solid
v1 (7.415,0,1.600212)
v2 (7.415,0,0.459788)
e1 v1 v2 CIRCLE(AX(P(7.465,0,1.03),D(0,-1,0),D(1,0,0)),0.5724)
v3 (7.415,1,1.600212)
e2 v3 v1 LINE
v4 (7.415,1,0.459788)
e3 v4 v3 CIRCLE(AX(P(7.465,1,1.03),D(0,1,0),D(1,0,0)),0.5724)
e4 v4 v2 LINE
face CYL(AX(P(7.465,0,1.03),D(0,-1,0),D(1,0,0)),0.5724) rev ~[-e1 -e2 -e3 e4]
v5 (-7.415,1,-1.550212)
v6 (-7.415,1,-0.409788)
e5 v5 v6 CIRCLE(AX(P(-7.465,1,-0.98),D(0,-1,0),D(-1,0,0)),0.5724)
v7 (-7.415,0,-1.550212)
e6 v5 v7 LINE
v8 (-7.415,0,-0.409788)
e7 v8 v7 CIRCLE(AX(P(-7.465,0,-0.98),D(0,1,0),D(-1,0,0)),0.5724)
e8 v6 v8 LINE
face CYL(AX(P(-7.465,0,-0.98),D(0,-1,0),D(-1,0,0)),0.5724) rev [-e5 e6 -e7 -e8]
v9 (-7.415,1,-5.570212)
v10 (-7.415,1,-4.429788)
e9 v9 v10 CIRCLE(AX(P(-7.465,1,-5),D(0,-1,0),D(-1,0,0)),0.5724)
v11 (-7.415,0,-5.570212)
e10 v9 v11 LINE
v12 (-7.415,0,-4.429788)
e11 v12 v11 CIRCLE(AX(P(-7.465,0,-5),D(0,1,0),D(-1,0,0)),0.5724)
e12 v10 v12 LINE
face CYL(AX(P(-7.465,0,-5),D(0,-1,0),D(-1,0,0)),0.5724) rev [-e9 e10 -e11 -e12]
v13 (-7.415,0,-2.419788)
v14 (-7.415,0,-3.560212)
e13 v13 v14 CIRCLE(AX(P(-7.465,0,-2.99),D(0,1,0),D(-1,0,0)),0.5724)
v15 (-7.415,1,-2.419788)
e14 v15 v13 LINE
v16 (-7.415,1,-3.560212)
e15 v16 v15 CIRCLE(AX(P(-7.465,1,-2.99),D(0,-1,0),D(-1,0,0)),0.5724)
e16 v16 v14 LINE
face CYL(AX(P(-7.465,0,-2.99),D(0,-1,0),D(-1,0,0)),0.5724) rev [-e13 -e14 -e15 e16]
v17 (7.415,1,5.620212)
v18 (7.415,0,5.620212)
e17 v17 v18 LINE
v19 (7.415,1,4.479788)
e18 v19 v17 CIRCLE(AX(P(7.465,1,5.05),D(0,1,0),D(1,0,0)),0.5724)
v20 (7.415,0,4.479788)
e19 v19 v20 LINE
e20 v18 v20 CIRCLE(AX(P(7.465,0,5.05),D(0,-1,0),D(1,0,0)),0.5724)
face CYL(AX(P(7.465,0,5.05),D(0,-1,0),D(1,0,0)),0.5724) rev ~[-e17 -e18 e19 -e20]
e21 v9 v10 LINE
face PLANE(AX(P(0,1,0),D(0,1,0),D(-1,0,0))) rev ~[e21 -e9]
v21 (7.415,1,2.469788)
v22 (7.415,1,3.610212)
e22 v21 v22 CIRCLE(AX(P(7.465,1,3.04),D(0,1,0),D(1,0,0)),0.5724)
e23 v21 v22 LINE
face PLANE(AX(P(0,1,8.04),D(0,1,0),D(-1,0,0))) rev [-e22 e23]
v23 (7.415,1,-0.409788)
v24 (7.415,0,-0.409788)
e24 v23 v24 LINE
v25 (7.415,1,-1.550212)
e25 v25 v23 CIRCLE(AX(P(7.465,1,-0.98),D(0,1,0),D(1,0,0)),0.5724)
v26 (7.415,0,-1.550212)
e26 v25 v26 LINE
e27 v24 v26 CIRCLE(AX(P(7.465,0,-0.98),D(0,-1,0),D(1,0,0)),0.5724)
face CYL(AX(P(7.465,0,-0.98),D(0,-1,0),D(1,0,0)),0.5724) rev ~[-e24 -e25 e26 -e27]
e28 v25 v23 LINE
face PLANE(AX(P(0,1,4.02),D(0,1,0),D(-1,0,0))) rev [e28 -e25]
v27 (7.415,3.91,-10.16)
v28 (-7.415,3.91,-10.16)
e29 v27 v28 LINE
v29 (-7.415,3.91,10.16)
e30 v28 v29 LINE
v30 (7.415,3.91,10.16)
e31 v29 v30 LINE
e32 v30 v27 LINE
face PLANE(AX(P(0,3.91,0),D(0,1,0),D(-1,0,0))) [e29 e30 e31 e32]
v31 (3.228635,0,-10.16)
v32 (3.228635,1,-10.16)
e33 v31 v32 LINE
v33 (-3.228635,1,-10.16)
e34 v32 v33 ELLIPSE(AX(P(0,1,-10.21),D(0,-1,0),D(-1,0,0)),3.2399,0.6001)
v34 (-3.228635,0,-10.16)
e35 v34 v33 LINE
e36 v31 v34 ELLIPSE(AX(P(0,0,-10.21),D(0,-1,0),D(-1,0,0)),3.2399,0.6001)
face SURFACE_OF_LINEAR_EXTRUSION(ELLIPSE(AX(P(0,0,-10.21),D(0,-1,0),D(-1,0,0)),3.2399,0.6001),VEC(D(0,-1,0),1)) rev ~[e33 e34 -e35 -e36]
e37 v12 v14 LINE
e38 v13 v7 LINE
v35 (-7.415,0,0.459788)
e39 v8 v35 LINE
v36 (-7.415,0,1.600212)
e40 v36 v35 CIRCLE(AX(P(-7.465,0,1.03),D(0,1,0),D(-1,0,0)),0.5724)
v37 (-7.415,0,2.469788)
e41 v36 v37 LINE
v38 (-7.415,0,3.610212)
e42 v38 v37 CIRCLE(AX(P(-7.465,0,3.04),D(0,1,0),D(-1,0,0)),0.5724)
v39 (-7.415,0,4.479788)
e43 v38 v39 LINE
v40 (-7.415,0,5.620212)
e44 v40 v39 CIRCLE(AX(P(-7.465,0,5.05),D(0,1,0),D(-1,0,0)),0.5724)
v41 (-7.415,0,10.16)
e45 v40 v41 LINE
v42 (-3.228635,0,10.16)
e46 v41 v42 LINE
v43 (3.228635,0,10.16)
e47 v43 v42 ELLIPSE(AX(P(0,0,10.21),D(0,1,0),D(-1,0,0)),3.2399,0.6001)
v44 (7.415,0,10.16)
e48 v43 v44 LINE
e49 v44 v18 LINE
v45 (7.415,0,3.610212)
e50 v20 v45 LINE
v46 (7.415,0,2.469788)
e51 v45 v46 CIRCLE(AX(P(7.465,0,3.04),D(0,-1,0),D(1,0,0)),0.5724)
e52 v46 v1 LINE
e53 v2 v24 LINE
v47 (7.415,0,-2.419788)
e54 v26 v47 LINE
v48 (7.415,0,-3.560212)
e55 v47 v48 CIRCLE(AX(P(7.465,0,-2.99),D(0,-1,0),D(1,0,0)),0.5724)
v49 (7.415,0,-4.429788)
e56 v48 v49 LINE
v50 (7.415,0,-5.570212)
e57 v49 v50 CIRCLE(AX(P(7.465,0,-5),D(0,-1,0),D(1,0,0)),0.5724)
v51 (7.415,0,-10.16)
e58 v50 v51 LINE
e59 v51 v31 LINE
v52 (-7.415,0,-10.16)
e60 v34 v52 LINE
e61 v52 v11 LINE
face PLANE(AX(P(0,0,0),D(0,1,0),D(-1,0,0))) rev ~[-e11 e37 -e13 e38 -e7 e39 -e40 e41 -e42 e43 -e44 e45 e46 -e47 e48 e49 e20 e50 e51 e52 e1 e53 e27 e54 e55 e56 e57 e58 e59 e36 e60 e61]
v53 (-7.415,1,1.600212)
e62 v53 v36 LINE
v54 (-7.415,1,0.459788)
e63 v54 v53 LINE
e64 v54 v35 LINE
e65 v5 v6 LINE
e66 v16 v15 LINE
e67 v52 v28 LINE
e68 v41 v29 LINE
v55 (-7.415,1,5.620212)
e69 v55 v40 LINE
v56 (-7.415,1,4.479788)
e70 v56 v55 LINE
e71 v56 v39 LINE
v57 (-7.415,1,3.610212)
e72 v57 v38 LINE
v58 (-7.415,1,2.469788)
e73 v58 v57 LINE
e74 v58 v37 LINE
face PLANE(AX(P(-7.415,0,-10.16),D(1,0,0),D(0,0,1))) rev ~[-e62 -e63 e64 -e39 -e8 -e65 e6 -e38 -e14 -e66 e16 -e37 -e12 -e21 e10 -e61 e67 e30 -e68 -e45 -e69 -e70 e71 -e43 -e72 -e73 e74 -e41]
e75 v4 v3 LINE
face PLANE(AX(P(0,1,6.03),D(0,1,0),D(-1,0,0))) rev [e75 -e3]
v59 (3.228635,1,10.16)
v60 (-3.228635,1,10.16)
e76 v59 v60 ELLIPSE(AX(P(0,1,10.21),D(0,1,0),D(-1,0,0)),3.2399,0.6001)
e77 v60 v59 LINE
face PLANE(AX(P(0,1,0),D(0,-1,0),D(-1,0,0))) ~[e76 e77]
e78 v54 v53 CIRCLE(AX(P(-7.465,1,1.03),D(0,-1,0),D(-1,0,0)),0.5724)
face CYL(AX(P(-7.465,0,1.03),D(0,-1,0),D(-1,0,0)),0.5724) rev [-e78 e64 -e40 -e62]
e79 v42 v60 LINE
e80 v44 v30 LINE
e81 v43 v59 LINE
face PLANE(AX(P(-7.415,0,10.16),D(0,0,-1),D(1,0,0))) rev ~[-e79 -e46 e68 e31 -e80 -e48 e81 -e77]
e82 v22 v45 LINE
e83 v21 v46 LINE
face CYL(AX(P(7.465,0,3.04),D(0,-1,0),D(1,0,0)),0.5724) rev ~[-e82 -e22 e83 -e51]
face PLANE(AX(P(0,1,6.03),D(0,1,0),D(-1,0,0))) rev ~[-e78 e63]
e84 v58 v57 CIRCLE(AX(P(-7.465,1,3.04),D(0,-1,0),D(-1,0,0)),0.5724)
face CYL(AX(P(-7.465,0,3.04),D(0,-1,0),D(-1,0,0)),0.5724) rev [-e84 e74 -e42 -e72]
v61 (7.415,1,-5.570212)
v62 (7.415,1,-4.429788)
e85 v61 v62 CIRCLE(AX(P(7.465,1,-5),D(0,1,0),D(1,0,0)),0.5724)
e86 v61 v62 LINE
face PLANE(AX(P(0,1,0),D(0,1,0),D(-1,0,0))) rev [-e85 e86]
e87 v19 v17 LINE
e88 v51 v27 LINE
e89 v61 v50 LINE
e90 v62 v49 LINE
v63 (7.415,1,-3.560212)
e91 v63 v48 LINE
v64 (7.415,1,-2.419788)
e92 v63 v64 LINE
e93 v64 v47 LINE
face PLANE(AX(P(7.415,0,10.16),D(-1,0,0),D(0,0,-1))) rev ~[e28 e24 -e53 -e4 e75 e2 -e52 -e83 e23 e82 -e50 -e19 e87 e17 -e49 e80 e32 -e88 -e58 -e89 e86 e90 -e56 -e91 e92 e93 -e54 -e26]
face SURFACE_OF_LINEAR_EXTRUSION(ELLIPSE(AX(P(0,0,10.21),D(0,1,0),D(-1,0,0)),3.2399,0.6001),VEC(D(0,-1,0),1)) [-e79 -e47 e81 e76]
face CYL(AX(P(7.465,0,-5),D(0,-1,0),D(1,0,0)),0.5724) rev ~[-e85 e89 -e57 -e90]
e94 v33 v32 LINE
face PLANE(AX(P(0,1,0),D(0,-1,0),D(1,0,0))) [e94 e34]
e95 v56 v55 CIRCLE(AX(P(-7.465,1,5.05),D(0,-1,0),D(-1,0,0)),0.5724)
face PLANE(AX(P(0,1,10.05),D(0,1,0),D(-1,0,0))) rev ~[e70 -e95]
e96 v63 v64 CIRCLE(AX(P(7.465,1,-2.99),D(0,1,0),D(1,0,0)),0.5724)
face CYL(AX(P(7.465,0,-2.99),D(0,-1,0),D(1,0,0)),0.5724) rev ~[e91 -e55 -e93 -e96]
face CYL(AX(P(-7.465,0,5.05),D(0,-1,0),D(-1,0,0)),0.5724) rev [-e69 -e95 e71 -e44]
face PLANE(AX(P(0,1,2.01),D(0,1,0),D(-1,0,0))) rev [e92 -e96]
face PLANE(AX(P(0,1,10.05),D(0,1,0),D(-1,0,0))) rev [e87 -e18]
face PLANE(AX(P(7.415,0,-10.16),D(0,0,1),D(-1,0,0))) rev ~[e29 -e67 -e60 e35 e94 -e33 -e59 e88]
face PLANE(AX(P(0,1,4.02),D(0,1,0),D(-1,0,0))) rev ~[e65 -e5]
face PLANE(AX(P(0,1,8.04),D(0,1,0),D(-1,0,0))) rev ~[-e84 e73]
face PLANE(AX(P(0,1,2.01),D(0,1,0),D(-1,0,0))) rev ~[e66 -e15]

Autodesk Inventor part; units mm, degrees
ref_plane "YZ Plane" through (0, 0, 0) normal (1, 0, 0) x (0, 1, 0)
ref_plane "XZ Plane" through (0, 0, 0) normal (0, 1, 0) x (-1, 0, 0)
ref_plane "XY Plane" through (0, 0, 0) normal (0, 0, 1) x (1, 0, 0)
sketch "Sketch1" plane through (0, 0, 0) normal (0, 1, 0) x (-1, 0, 0)
  line L0 (7.415, 10.16) -> (-7.415, 10.16)
  line L1 (-7.415, 10.16) -> (-7.415, -10.16)
  line L2 (-7.415, -10.16) -> (7.415, -10.16)
  line L3 (7.415, -10.16) -> (7.415, 10.16)
  point P0 (0, 0)
  dimension "d0" = 20.32
  dimension "d1" = 10.16
  dimension "d2" = 14.83
  dimension "d3" = 7.415
extrude "Extrusion1" add sketch "Sketch1" along normal blind 3.91
sketch "Sketch2" plane through (0, 0, 0) normal (0, 1, 0) x (-1, 0, 0)
  line L0 (6.465, -5.76) -> (7.465, -5.76)
  line L1 (7.465, -5.76) -> (7.465, -4.24)
  line L2 (7.465, -4.24) -> (6.465, -4.24)
  line L3 (6.465, -4.24) -> (6.465, -5.76)
  line L4 (7.415, -10.16) -> (7.415, 10.16) projected
  line L5 (-7.415, -10.16) -> (7.415, -10.16) projected
  circle A0 centre (7.465, -5) radius 0.5724
  point P0 (0, 0)
  dimension "d6" = 1
  dimension "d7" = 1.52
  dimension "d8" = 0.05
  dimension "d9" = 4.4
extrude "Extrusion2" cut sketch "Sketch2" along normal blind 1 contours A0 L4 | L4 A0 L1 | L1 A0
pattern_linear "Rectangular Pattern1" count 6 spacing 2.01 along (0, 0, 1) of "Extrusion2"
mirror "Mirror1" about plane through (0, 0, 0) normal (1, 0, 0) of "Extrusion2", "Rectangular Pattern1"
sketch "Sketch3" plane through (0, 0, 0) normal (0, -1, 0) x (1, 0, 0)
  line L0 (3.695, -10.21) -> (-3.695, -10.21)
  line L1 (-3.695, -10.21) -> (-3.695, -9.21)
  line L2 (-3.695, -9.21) -> (3.695, -9.21)
  line L3 (3.695, -9.21) -> (3.695, -10.21)
  line L4 (7.415, -10.16) -> (-7.415, -10.16) projected
  ellipse E0 centre (0, -10.21) end of major axis (-3.2399, -10.21) minor radius 0.6001
  point P0 (0, 0)
  dimension "d15" = 0.05
  dimension "d16" = 7.39
  dimension "d17" = 3.695
  dimension "d18" = 1
extrude "Extrusion3" cut sketch "Sketch3" against normal blind 1 contours E0 L4 L0 | L0 E0 | E0 L4
mirror "Mirror2" about plane through (0, 0, 0) normal (0, 0, 1) of "Extrusion3"
properties part number "MC_DK1042"
